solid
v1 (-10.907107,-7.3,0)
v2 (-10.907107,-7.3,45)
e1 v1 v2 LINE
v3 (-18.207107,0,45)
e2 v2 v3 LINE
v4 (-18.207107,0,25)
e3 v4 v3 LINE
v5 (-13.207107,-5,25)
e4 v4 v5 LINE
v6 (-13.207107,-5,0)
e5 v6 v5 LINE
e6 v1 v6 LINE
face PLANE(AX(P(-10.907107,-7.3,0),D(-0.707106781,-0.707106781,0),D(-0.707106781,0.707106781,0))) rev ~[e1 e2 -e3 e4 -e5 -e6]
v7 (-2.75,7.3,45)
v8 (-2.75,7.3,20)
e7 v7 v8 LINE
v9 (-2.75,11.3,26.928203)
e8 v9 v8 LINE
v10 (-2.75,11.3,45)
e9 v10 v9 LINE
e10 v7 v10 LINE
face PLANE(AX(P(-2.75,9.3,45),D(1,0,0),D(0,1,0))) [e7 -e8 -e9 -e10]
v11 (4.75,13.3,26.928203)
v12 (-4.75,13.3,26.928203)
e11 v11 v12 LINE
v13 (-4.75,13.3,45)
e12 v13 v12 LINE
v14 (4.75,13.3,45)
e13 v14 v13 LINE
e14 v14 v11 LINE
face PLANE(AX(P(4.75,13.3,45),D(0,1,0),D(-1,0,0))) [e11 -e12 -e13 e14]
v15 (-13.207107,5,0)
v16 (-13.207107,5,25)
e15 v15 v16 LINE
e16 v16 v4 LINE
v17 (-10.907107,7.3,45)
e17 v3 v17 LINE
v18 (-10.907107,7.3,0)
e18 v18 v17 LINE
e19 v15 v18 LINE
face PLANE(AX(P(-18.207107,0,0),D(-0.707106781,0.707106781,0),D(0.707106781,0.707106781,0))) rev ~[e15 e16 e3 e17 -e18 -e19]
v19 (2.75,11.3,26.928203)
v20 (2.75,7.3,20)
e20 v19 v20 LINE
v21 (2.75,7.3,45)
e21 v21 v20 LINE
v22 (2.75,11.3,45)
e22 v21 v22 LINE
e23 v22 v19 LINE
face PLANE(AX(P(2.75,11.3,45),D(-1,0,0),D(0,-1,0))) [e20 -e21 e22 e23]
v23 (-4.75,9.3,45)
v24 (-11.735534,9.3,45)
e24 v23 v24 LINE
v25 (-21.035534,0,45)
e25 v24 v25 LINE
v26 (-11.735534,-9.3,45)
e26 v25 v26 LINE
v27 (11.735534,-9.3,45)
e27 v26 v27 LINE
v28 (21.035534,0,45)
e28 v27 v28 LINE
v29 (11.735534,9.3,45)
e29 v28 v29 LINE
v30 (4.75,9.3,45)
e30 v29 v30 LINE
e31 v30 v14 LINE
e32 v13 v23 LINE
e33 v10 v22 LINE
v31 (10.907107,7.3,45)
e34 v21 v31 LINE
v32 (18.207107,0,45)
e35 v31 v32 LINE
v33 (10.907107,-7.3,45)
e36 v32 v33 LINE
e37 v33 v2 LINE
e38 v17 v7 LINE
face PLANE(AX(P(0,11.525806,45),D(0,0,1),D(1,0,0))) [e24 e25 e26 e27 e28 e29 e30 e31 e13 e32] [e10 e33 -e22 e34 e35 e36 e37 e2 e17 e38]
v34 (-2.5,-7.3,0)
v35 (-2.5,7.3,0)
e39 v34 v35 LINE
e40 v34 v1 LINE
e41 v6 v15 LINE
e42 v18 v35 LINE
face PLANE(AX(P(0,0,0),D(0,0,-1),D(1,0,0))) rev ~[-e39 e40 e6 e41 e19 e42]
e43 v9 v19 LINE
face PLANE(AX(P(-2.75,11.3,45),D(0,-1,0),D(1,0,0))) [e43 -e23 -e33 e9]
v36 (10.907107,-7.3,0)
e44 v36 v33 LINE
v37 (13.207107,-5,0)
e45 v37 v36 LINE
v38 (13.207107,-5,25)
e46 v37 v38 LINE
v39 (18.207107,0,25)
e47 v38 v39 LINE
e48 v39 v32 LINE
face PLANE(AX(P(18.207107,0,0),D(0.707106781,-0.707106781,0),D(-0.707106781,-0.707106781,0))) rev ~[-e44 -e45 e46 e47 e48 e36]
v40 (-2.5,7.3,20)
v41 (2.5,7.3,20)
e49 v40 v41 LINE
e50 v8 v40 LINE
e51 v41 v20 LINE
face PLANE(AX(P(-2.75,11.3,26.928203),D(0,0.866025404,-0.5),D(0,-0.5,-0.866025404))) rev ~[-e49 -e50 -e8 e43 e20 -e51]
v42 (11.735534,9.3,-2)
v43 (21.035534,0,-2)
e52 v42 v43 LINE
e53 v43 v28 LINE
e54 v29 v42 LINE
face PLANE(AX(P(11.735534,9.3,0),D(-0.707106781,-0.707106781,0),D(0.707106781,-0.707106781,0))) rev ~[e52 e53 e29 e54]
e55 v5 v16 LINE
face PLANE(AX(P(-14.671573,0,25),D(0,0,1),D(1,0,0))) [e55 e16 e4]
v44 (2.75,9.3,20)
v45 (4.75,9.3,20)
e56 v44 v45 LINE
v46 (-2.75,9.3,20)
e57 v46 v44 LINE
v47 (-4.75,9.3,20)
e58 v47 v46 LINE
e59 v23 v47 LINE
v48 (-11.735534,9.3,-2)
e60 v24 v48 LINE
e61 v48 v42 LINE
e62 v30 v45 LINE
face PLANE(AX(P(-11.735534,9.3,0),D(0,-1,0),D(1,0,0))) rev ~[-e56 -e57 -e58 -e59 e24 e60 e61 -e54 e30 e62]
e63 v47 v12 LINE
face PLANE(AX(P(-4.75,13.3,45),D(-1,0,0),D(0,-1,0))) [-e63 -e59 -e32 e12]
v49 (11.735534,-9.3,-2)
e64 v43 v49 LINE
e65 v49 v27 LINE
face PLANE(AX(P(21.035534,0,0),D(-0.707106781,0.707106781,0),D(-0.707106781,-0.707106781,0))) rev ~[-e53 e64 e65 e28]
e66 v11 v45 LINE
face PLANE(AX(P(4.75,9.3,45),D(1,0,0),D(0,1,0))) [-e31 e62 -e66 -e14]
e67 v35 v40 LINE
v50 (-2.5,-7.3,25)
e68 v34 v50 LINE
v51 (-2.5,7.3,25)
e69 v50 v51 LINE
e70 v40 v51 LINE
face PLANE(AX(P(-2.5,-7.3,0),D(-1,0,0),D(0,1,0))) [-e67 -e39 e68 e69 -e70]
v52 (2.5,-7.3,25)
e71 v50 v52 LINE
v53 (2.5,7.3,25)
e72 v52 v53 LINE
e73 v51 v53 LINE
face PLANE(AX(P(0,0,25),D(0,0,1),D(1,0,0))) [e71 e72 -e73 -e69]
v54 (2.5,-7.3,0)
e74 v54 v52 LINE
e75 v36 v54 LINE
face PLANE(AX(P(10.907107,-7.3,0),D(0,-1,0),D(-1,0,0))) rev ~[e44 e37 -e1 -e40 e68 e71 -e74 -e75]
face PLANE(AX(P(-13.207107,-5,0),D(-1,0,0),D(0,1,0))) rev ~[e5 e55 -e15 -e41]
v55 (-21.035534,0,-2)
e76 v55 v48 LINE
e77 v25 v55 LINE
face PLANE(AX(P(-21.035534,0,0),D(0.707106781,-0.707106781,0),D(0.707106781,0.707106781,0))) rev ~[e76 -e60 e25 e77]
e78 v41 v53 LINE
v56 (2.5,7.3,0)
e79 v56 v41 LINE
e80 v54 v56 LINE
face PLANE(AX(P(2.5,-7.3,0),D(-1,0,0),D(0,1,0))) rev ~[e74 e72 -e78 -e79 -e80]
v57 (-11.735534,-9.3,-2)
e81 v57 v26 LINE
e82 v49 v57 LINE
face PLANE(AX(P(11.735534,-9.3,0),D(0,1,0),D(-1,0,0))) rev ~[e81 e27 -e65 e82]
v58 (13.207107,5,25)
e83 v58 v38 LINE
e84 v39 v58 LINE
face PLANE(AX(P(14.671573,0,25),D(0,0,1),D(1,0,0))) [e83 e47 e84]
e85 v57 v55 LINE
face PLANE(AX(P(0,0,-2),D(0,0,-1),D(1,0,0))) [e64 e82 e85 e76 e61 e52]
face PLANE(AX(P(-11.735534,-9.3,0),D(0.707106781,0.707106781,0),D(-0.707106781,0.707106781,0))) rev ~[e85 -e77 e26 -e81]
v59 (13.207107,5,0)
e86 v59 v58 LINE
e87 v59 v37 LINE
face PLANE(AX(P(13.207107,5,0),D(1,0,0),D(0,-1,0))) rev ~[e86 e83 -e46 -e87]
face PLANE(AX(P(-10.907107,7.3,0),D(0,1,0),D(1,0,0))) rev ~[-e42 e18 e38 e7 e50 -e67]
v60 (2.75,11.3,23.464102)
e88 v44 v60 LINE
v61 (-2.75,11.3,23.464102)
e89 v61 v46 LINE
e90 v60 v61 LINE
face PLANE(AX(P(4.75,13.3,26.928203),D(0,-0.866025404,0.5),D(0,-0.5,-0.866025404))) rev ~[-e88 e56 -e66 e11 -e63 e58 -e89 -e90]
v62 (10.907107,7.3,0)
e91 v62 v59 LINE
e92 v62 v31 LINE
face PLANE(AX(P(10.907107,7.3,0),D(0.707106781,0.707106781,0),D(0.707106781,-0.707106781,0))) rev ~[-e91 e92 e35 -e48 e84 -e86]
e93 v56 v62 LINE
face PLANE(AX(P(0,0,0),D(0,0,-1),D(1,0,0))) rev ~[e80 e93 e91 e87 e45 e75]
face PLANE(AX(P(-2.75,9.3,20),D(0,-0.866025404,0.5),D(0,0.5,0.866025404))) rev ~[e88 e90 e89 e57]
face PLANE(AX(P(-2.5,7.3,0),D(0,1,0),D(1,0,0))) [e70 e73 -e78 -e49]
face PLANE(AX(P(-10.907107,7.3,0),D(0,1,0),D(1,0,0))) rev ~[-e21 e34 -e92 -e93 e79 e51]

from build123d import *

# Parameters (mm, degrees)
F1_DEPTH  = 45
F2_W      = 5.5
F2_H      = 2
F3_DEPTH  = 25
F5_DEPTH  = 25
F7_DEPTH  = 25
F9_DEPTH  = 5.5
F11_DEPTH = 2
F12_W     = 5
F12_H     = 14.6
F13_DEPTH = 25


with BuildPart() as f1:
    # F0 (on Top) → F1 (new body)
    with BuildSketch(Plane.XY):
        Polygon((-11.7355339059, 9.3), (-21.0355339059, 0), (-11.7355339059, -9.3), (11.7355339059, -9.3), (21.0355339059, 0), (11.7355339059, 9.3), align=None)
        Polygon((10.9071067812, -7.3), (-10.9071067812, -7.3), (-18.2071067812, 0), (-10.9071067812, 7.3), (10.9071067812, 7.3), (18.2071067812, 0), align=None, mode=Mode.SUBTRACT)
    extrude(amount=F1_DEPTH)

    # F2 (on face) → F3 (cut)
    with BuildSketch(Plane.XY.offset(45)):
        with Locations((0, 8.3)):
            Rectangle(F2_W, F2_H)
    extrude(amount=-F3_DEPTH, mode=Mode.SUBTRACT)

    # F4 (on face) → F5 (join)
    with BuildSketch(Plane.XY.offset(45)):
        Polygon((2.75, 11.3), (2.75, 9.3), (4.75, 9.3), (4.75, 13.3), (-4.75, 13.3), (-4.75, 9.3), (-2.75, 9.3), (-2.75, 11.3), align=None)
    extrude(amount=-F5_DEPTH)

    # F6 (on face) → F7 (cut)
    with BuildSketch(Plane.YZ.offset(4.75)):
        Polygon((13.3, 26.9282032303), (9.3, 20), (13.3, 20), align=None)
    extrude(amount=-F7_DEPTH, mode=Mode.SUBTRACT)

    # F8 (on face) → F9 (join, through all)
    with BuildSketch(Plane.YZ.offset(-2.75)):
        Polygon((7.3, 20), (9.3, 20), (11.3, 23.4641016151), (11.3, 26.9282032303), align=None)
    extrude(amount=F9_DEPTH)

    # F10 (on face) → F11 (join)
    with BuildSketch(Plane(origin=(0, 0, 0), x_dir=(1, 0, 0), z_dir=(0, 0, -1))):
        Polygon((-11.7355339059, 9.3), (-21.0355339059, 0), (-11.7355339059, -9.3), (11.7355339059, -9.3), (21.0355339059, 0), (11.7355339059, 9.3), align=None)
        Polygon((-18.2071067812, 0), (-10.9071067812, 7.3), (10.9071067812, 7.3), (18.2071067812, 0), (10.9071067812, -7.3), (-10.9071067812, -7.3), align=None, mode=Mode.SUBTRACT)
        Polygon((10.9071067812, 7.3), (-10.9071067812, 7.3), (-18.2071067812, 0), (-10.9071067812, -7.3), (10.9071067812, -7.3), (18.2071067812, 0), align=None)
    extrude(amount=F11_DEPTH)

    # F12 (on face) → F13 (join)
    with BuildSketch(Plane.XY):
        Polygon((18.2071067812, 0), (13.2071067812, 5), (13.2071067812, -5), align=None)
        Polygon((-13.2071067812, -5), (-13.2071067812, 5), (-18.2071067812, 0), align=None)
        Rectangle(F12_W, F12_H)
    extrude(amount=F13_DEPTH)


solid = f1.part
